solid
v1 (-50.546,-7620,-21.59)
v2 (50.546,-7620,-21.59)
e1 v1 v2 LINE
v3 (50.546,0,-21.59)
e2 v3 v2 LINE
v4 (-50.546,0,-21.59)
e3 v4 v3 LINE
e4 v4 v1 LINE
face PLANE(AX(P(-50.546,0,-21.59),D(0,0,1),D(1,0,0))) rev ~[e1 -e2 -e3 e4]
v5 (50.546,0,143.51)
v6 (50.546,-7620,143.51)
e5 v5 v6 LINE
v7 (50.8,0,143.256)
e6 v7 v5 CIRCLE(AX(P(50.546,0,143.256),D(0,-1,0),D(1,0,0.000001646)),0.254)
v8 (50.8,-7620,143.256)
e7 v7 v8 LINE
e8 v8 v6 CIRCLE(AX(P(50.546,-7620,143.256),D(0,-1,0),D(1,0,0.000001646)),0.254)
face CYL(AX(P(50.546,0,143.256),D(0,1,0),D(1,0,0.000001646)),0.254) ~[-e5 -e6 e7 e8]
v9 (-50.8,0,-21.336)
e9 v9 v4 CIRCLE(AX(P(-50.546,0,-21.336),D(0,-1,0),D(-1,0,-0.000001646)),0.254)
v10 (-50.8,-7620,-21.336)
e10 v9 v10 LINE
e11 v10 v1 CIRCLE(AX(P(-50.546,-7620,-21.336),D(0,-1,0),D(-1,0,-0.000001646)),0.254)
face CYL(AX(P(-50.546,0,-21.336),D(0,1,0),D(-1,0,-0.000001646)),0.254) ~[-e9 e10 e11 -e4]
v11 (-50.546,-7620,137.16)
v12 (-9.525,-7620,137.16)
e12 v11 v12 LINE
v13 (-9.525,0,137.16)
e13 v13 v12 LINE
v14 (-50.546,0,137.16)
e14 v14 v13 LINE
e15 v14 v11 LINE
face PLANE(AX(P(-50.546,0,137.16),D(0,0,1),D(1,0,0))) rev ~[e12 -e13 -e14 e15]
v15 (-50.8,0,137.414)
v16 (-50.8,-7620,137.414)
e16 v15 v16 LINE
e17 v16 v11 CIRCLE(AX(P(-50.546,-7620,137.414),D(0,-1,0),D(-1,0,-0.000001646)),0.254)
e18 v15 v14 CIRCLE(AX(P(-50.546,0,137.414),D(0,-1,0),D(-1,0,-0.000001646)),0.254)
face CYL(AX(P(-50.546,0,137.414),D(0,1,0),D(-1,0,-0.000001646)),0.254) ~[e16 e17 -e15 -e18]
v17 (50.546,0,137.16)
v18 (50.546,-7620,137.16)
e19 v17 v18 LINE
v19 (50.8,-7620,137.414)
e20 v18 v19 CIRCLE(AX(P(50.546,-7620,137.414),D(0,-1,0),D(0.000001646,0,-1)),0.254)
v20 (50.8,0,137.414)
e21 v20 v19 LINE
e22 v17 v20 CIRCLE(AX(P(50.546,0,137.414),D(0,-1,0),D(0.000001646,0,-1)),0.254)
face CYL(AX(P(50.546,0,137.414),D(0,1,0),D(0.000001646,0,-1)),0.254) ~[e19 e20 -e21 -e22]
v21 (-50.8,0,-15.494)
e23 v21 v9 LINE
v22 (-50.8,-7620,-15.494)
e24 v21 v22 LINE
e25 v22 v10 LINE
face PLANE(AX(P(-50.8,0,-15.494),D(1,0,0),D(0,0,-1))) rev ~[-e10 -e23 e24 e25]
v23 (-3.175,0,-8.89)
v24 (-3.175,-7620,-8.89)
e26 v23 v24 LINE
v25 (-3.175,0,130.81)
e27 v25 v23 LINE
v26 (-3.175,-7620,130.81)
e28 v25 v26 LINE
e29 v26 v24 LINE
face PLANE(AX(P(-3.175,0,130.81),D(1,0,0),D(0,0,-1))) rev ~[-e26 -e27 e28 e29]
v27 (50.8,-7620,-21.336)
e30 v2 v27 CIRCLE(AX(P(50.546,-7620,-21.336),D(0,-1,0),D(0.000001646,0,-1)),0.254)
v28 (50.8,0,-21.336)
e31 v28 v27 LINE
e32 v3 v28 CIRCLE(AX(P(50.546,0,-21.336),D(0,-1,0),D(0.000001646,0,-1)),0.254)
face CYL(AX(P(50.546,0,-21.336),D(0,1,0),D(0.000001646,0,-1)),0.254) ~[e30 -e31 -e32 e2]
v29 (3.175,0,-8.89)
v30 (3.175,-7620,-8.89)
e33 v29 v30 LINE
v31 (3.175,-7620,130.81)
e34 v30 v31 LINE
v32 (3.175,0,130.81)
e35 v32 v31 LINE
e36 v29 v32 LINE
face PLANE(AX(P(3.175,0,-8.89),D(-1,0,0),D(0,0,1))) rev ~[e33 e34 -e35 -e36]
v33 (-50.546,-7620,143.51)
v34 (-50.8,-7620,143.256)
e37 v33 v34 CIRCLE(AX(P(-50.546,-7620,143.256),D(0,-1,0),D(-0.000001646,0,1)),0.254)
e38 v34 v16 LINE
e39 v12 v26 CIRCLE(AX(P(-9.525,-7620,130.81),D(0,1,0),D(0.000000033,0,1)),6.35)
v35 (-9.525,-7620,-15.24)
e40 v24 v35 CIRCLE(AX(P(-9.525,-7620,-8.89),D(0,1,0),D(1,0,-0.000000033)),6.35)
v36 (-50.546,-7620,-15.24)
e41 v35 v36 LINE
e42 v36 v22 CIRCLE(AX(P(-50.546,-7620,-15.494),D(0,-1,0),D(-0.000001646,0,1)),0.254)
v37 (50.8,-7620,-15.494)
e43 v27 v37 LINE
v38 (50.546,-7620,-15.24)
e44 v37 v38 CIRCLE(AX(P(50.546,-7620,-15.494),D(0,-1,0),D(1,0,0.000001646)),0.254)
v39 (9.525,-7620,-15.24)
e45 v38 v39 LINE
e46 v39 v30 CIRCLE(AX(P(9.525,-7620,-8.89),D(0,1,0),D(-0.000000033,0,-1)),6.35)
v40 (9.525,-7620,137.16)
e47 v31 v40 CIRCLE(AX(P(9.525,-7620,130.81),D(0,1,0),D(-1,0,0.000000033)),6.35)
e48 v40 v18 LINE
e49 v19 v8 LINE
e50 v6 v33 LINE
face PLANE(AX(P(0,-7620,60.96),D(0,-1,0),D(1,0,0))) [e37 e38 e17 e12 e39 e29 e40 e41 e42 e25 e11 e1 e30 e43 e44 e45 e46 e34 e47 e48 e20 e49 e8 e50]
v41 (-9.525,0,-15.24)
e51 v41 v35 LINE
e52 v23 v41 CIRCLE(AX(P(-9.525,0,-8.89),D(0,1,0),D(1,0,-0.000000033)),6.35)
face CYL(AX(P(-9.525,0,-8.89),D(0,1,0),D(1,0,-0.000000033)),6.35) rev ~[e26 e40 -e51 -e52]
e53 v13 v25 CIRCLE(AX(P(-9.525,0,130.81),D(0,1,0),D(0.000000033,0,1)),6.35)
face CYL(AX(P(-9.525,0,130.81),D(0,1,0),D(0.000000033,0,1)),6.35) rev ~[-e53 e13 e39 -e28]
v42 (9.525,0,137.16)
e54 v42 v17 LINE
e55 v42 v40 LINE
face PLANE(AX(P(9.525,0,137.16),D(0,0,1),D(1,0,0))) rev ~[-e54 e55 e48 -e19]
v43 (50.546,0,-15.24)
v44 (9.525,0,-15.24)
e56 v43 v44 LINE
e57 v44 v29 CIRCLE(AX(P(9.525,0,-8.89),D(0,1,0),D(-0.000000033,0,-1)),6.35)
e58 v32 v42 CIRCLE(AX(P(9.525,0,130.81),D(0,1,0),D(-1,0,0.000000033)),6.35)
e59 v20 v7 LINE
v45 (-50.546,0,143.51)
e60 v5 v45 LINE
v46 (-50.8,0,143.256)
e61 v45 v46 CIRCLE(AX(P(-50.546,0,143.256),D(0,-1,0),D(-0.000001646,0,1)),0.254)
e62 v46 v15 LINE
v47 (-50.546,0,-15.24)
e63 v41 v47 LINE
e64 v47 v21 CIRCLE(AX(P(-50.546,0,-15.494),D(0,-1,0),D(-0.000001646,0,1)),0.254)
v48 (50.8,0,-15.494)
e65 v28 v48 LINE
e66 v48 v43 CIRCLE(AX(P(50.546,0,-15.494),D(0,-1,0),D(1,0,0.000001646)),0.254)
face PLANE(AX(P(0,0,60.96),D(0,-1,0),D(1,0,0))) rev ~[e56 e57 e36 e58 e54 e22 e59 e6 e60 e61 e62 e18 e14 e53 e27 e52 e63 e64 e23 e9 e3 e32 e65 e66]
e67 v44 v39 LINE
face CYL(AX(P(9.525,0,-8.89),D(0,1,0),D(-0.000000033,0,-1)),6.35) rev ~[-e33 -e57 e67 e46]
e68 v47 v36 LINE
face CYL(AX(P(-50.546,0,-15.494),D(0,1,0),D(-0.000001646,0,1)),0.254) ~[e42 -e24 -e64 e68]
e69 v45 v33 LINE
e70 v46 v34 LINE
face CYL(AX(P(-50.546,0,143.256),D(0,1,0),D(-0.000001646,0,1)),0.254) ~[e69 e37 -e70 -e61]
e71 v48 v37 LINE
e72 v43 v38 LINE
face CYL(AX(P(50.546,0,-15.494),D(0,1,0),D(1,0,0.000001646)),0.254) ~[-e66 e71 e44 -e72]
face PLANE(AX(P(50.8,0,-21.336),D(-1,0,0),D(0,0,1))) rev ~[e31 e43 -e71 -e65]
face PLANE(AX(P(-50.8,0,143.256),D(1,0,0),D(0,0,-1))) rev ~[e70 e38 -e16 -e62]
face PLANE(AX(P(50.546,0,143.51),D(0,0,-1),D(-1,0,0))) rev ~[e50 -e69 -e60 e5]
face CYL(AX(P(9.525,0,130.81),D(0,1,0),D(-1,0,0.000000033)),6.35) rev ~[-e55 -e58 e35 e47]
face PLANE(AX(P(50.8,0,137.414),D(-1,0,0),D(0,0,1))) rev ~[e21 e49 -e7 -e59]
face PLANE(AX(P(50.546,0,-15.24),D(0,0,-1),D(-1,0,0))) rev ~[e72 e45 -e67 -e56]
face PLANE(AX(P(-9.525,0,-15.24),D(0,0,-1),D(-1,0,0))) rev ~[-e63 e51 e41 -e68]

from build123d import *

# Parameters (mm, degrees)
F1_DEPTH = 7620


with BuildPart() as f1:
    # F0 (on Front) → F1 (new body)
    with BuildSketch(Plane.XZ):
        with BuildLine():
            ThreePointArc((-50.8, 137.414), (-50.725605, 137.234395), (-50.546, 137.16))
            Line((-50.546, 137.16), (-9.525, 137.16))
            ThreePointArc((-9.525, 137.16), (-5.034872, 135.300128), (-3.175, 130.81))
            Line((-3.175, 130.81), (-3.175, -8.89))
            ThreePointArc((-3.175, -8.89), (-5.034872, -13.380128), (-9.525, -15.24))
            Line((-9.525, -15.24), (-50.546, -15.24))
            ThreePointArc((-50.546, -15.24), (-50.725605, -15.314395), (-50.8, -15.494))
            Line((-50.8, -15.494), (-50.8, -21.336))
            ThreePointArc((-50.8, -21.336), (-50.725605, -21.515605), (-50.546, -21.59))
            Line((-50.546, -21.59), (50.546, -21.59))
            ThreePointArc((50.546, -21.59), (50.725605, -21.515605), (50.8, -21.336))
            Line((50.8, -21.336), (50.8, -15.494))
            ThreePointArc((50.8, -15.494), (50.725605, -15.314395), (50.546, -15.24))
            Line((50.546, -15.24), (9.525, -15.24))
            ThreePointArc((9.525, -15.24), (5.034872, -13.380128), (3.175, -8.89))
            Line((3.175, -8.89), (3.175, 130.81))
            ThreePointArc((3.175, 130.81), (5.034872, 135.300128), (9.525, 137.16))
            Line((9.525, 137.16), (50.546, 137.16))
            ThreePointArc((50.546, 137.16), (50.725605, 137.234395), (50.8, 137.414))
            Line((50.8, 137.414), (50.8, 143.256))
            ThreePointArc((50.8, 143.256), (50.725605, 143.435605), (50.546, 143.51))
            Line((50.546, 143.51), (-50.546, 143.51))
            ThreePointArc((-50.546, 143.51), (-50.725605, 143.435605), (-50.8, 143.256))
            Line((-50.8, 143.256), (-50.8, 137.414))
        make_face()
    extrude(amount=F1_DEPTH)


solid = f1.part
